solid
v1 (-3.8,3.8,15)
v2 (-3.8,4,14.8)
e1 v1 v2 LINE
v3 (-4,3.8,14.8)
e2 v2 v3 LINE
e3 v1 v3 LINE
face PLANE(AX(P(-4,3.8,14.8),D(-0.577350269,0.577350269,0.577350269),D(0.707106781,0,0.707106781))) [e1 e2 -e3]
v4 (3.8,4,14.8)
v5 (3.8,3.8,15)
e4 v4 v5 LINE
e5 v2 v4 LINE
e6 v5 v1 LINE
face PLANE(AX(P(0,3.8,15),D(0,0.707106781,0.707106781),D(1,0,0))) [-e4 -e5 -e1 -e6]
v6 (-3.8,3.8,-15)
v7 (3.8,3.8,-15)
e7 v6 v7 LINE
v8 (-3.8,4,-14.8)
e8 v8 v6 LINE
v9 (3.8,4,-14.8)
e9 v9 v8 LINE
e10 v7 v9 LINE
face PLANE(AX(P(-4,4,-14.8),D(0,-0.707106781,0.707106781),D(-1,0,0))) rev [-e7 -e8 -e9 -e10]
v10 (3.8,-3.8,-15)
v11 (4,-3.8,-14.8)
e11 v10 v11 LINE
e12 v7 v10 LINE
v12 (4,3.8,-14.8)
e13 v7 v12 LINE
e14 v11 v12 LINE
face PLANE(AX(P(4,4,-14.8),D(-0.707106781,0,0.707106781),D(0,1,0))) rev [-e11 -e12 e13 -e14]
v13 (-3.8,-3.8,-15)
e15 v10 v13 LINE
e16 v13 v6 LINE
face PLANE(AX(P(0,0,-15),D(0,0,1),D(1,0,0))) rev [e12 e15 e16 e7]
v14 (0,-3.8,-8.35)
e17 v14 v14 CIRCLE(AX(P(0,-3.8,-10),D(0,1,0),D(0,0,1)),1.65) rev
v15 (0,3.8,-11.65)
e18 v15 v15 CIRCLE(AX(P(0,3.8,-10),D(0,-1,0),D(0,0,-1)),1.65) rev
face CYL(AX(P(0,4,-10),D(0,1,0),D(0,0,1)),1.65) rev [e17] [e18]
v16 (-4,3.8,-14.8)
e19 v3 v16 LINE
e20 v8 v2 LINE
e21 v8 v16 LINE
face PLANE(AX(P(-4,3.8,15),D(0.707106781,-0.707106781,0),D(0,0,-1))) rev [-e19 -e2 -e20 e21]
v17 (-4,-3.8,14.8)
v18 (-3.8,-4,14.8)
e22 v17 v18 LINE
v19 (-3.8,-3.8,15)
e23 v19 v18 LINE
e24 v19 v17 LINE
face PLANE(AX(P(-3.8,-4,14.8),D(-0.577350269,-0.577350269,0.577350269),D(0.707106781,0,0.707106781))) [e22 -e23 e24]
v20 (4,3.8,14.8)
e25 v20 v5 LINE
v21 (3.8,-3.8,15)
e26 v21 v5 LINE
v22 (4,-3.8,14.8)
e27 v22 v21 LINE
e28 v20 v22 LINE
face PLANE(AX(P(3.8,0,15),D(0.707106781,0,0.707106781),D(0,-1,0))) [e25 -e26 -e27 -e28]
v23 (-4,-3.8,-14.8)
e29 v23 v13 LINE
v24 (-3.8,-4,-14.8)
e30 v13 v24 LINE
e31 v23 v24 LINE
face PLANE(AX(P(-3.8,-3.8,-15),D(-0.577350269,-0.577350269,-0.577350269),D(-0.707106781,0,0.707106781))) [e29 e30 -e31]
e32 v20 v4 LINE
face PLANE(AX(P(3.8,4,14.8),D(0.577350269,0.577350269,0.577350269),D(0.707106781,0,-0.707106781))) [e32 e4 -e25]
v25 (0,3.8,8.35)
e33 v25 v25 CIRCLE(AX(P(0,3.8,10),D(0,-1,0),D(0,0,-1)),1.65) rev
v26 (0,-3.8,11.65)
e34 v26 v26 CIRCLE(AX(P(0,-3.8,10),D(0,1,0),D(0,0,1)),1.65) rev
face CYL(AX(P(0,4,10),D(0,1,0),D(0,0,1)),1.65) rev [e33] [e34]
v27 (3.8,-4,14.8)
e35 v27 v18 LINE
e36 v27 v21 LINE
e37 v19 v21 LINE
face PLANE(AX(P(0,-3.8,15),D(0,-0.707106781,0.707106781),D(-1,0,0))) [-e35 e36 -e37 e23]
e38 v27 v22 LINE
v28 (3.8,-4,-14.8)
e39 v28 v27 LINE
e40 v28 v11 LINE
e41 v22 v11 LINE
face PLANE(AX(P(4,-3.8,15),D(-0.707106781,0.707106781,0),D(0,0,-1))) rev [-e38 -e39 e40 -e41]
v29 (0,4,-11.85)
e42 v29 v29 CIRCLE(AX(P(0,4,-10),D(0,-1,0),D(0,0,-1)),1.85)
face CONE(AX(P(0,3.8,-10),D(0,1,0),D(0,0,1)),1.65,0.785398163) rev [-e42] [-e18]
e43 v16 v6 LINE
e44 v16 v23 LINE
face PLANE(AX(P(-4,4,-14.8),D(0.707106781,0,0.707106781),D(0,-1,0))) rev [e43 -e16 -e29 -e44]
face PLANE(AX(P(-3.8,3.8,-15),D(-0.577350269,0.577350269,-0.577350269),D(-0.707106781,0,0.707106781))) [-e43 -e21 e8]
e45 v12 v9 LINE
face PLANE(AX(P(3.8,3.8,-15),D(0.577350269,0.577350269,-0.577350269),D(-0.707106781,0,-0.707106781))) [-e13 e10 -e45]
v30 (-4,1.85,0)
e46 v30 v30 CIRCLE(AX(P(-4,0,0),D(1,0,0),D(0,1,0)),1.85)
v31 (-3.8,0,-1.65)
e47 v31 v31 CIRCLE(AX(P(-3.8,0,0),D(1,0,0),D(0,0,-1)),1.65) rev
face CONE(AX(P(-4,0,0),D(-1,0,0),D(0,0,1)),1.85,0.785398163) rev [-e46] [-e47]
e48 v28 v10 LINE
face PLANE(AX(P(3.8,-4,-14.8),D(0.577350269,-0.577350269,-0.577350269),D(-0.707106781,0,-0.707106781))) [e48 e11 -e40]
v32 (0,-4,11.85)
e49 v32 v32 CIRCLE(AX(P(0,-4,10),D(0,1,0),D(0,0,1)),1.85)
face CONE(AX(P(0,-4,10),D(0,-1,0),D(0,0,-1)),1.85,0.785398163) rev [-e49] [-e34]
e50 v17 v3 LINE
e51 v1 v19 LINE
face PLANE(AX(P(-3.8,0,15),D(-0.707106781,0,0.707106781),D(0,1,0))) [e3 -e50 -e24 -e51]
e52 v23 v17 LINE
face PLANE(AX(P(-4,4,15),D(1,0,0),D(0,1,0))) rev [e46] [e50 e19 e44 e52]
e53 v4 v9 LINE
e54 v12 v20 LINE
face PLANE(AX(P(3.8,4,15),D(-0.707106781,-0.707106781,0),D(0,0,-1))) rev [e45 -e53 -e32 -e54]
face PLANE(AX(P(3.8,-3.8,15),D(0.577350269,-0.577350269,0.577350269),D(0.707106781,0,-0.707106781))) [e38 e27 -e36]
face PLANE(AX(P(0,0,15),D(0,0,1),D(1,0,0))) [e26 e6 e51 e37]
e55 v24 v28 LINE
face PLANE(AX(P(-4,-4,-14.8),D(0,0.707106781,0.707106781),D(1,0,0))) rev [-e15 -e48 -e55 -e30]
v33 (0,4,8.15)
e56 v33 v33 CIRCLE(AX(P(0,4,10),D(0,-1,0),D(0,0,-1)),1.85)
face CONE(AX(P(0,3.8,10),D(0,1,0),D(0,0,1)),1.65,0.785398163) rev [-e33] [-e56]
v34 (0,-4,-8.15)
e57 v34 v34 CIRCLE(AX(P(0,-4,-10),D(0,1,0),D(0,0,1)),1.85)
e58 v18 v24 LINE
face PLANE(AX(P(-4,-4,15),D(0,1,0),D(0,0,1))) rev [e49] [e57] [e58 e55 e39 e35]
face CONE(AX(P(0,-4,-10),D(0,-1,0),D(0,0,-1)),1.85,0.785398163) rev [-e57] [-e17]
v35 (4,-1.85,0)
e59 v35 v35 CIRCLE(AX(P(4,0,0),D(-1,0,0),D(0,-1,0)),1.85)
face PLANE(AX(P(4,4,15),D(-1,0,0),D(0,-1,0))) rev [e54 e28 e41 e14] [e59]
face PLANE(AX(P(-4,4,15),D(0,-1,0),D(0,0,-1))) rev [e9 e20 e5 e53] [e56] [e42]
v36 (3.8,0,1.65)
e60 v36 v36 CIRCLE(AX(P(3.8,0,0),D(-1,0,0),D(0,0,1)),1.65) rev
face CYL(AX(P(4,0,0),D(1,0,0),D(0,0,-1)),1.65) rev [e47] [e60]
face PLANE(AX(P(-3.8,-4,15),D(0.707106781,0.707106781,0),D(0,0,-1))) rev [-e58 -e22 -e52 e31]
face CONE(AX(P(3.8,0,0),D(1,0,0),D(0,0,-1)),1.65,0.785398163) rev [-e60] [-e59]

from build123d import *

# Parameters (mm, degrees)
SKETCH_1_W         = 8
SKETCH_1_H         = 8
EXTRUDE_1_DEPTH    = 15
HOLE_WIZARD_M4_1_D = 3.3
HOLE_WIZARD_M4_2_D = 3.3
CHAMFER_1_SIZE     = 0.2


with BuildPart() as part:
    # 草图1 → 凸台-拉伸1 (new, symmetric)
    with BuildSketch(Plane.XY):
        Rectangle(SKETCH_1_W, SKETCH_1_H)
    extrude(amount=EXTRUDE_1_DEPTH, both=True)

    # M4 螺纹孔1 (through all)
    with Locations(Plane(origin=(4, 0, 0), x_dir=(0, 0, -1), z_dir=(1, 0, 0))):
        with Locations((0, 0)):
            Hole(HOLE_WIZARD_M4_1_D / 2)

    # M4 螺纹孔2 (through all)
    with Locations(Plane(origin=(0, 4, 0), x_dir=(1, 0, 0), z_dir=(0, 1, 0))):
        with Locations((0, -10), (0, 10)):
            Hole(HOLE_WIZARD_M4_2_D / 2)

    # 倒角1
    chamfer_1_edges = [part.edges().sort_by_distance(p)[0] for p in [
        (-4, 0, 15),
        (4, 0, -1.65),
        (-4, 0, -1.65),
        (0, -4, 15),
        (1.65, 4, -10),
        (1.65, -4, -10),
        (1.65, 4, 10),
        (1.65, -4, 10),
        (4, 0, 15),
        (0, -4, -15),
        (-4, 0, -15),
        (0, 4, -15),
        (4, 0, -15),
        (4, -4, 0),
        (-4, -4, 0),
        (-4, 4, 0),
        (4, 4, 0),
        (0, 4, 15),
    ]]
    chamfer(chamfer_1_edges, length=CHAMFER_1_SIZE)


solid = part.part
